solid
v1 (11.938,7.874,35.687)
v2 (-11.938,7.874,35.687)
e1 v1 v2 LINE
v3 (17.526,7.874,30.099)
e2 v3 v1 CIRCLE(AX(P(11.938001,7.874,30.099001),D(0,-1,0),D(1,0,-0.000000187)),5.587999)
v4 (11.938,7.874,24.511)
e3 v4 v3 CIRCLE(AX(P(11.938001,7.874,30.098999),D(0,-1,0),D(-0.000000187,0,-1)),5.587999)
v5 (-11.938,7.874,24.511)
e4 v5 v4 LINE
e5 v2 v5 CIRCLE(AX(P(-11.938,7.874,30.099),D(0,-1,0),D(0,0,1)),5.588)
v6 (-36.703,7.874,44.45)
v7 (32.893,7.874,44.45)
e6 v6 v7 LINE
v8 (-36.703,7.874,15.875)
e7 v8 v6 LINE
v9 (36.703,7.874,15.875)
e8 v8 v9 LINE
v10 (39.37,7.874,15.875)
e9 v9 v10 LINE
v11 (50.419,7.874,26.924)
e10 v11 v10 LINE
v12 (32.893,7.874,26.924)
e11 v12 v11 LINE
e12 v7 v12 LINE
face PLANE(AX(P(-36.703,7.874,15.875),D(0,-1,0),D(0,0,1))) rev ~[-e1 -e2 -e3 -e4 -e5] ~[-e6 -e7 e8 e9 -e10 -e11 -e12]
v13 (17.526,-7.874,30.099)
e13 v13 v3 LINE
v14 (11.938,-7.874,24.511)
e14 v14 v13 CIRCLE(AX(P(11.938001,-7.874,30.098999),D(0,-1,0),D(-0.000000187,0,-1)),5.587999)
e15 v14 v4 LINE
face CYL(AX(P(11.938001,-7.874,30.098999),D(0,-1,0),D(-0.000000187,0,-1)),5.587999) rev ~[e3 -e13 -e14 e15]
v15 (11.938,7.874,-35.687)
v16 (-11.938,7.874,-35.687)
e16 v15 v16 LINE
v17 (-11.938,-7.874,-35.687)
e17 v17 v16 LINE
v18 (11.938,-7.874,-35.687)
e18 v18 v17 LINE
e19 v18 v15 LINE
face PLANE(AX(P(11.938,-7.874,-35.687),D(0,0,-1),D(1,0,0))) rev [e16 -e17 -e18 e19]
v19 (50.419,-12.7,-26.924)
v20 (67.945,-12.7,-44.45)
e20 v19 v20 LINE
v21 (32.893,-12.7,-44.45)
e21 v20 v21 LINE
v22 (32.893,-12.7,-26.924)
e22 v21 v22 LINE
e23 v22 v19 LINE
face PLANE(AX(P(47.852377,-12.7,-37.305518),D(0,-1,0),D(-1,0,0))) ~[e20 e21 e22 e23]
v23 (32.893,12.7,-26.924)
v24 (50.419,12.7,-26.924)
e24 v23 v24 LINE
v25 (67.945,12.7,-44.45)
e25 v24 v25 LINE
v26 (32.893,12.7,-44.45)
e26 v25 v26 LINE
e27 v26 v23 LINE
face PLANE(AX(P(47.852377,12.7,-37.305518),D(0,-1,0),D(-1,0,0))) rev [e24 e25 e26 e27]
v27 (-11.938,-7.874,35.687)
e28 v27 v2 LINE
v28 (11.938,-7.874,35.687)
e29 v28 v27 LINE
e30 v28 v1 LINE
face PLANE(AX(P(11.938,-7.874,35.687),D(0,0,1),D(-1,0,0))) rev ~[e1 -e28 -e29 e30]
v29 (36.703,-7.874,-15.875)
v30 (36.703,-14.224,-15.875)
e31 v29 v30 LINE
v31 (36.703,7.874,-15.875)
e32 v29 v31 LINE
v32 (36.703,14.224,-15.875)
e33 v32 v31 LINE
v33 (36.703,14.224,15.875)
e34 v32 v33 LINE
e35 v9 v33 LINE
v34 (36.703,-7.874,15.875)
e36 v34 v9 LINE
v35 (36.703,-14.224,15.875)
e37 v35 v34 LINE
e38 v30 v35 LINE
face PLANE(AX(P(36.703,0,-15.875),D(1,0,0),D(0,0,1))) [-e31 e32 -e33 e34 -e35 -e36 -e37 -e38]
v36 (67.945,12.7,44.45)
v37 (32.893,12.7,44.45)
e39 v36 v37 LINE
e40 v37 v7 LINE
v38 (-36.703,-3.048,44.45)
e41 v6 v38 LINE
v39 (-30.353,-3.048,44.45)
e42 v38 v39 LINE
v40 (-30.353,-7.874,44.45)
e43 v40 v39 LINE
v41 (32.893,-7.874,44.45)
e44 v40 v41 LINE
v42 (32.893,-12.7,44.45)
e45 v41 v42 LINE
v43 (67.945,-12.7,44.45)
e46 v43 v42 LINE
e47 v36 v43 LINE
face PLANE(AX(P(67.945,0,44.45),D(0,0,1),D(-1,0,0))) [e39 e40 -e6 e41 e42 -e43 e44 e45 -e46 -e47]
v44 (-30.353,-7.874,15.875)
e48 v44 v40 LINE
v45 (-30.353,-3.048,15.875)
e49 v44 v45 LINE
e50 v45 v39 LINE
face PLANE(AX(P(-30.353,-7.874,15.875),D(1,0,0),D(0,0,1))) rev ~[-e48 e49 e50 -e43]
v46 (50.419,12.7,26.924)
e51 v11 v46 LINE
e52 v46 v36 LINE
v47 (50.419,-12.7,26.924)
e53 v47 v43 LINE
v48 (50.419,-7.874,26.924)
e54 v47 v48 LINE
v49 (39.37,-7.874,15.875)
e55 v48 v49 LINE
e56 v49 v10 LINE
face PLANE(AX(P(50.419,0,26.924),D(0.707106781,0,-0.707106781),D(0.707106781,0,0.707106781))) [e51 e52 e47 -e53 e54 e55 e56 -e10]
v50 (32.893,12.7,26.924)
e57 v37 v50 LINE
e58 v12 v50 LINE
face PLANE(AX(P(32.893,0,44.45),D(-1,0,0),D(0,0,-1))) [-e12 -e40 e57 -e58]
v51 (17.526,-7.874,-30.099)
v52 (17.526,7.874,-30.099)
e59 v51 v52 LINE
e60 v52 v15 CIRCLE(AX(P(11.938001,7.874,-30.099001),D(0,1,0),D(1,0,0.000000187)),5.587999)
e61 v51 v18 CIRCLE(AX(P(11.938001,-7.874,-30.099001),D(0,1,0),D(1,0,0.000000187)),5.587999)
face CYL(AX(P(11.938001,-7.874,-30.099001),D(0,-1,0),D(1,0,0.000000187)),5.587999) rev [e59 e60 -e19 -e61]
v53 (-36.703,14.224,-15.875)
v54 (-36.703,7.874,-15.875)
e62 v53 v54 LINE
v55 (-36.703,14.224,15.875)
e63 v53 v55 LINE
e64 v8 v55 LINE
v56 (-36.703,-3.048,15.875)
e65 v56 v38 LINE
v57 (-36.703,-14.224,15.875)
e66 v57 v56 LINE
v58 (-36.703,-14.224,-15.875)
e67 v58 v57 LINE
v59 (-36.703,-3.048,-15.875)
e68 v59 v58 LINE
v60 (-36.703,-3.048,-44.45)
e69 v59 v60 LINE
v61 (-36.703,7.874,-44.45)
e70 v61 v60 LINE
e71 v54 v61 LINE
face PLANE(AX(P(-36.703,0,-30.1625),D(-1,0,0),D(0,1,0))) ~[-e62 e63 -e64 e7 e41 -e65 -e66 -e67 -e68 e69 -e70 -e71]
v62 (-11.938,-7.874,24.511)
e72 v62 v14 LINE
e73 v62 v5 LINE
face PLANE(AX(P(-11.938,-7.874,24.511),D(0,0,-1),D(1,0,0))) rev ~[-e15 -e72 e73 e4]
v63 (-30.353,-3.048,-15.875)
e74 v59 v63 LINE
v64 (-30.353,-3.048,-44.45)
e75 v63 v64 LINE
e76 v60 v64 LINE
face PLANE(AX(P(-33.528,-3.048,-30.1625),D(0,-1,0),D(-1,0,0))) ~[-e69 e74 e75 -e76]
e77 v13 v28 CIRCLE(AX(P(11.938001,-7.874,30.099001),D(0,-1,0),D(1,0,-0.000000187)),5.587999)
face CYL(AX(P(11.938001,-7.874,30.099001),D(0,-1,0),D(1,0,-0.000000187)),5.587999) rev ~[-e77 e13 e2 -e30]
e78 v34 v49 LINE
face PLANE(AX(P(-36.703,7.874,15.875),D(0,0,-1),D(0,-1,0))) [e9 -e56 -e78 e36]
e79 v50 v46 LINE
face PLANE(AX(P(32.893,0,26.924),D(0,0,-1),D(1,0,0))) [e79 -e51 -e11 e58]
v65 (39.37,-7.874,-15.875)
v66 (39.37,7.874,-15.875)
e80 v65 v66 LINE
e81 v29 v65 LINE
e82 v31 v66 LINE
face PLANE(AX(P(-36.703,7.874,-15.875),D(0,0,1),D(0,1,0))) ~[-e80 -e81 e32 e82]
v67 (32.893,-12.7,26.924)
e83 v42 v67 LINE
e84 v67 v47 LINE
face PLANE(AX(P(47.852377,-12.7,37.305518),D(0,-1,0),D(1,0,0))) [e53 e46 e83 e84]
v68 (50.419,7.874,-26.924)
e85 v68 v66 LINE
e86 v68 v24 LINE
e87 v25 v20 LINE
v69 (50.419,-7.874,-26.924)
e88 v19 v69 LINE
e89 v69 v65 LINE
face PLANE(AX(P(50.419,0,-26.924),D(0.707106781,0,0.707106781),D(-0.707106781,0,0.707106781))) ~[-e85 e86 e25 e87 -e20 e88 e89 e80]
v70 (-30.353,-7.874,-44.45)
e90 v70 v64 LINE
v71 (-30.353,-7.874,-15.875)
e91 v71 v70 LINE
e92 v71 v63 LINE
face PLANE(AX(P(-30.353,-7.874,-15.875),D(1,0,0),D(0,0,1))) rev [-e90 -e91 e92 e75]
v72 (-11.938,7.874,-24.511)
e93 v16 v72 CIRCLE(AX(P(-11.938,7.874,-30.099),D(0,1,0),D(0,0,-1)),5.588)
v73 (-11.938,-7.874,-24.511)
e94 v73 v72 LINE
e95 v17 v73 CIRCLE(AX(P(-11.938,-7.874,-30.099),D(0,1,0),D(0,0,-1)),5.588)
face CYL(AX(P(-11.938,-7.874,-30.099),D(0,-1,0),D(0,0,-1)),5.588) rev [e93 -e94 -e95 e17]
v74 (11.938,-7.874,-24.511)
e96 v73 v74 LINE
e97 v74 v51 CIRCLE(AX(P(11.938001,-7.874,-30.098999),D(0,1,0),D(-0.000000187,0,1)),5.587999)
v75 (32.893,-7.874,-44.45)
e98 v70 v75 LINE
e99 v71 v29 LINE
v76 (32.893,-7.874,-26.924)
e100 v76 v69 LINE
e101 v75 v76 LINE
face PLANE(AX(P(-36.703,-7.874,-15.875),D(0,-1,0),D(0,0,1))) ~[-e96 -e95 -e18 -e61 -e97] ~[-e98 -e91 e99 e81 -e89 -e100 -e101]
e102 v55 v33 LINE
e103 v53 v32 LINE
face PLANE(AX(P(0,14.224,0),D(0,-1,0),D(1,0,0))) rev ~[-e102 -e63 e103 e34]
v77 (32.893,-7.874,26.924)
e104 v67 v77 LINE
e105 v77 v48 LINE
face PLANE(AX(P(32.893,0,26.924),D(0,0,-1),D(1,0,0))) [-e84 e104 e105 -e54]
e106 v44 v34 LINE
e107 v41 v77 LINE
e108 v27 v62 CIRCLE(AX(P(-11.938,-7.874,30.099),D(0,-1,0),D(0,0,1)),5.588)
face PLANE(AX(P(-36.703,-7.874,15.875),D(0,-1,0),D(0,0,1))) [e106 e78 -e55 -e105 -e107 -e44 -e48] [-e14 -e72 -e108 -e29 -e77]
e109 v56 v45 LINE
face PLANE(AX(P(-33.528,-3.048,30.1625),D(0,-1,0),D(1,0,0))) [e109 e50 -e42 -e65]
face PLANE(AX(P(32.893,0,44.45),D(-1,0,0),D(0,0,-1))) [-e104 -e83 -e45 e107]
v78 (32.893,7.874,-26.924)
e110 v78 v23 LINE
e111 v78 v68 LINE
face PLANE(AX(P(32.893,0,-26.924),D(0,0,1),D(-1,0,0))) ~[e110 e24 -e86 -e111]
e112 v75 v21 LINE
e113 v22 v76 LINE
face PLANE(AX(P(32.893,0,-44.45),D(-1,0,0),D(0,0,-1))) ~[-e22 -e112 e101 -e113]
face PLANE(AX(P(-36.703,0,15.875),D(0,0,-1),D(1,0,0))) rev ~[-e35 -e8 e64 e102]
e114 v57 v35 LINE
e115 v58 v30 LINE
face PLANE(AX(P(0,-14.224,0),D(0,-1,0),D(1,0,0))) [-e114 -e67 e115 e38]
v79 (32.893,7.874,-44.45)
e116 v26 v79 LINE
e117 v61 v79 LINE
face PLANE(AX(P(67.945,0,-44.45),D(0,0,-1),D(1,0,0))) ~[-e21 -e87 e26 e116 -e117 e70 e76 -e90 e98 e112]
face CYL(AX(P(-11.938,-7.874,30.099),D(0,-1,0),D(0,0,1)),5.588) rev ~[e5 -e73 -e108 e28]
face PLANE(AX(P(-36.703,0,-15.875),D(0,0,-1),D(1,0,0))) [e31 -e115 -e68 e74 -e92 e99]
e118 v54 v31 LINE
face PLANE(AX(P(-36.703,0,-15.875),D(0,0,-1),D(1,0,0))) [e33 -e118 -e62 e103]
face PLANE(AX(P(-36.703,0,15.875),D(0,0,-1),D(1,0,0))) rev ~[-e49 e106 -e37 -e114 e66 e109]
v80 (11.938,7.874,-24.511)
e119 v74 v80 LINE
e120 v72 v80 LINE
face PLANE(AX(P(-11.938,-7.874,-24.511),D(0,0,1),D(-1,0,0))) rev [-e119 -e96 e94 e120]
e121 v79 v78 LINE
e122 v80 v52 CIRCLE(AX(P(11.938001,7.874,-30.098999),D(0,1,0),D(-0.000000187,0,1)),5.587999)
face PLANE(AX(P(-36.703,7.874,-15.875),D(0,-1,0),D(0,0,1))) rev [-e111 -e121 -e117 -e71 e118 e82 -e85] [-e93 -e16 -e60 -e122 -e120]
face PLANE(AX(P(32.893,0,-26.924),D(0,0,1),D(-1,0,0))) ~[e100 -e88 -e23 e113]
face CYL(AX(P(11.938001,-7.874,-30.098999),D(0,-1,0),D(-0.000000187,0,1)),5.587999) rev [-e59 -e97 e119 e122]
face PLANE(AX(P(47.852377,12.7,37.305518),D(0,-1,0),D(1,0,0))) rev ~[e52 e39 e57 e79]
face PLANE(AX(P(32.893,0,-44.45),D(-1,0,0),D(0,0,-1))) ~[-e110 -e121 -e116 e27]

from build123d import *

# Parameters (mm, degrees)
F0_W      = 73.406
F0_H      = 31.75
F1_DEPTH  = 14.224
F2_W      = 15.748
F2_H      = 28.575
F3_DEPTH  = 104.648
F5_DEPTH  = 22.099
F7_DEPTH  = 12.7
F8_W      = 6.35
F8_H      = 28.575
F9_DEPTH  = 4.826
F11_DEPTH = 22.099


with BuildPart() as f1:
    # F0 (on Front) → F1 (new body, symmetric)
    with BuildSketch(Plane.XZ):
        Rectangle(F0_W, F0_H)
    extrude(amount=F1_DEPTH, both=True)

    # F2 (on face) → F3 (join)
    with BuildSketch(Plane(origin=(-36.703, 0, 0), x_dir=(0, -1, 0), z_dir=(-1, 0, 0))):
        with Locations((0, 30.1625)):
            Rectangle(F2_W, F2_H)
    extrude(amount=-F3_DEPTH)

    # F4 (on face) → F5 (cut, through all)
    with BuildSketch(Plane.XZ.offset(7.874)):
        Polygon((67.945, 15.875), (67.945, 44.45), (39.37, 15.875), align=None)
    extrude(amount=-F5_DEPTH, mode=Mode.SUBTRACT)

    # F6 (on Front) → F7 (join, symmetric)
    with BuildSketch(Plane.XZ):
        Polygon((50.419, 26.924), (67.945, 44.45), (32.893, 44.45), (32.893, 26.924), align=None)
    extrude(amount=F7_DEPTH, both=True)

    # F8 (on face) → F9 (cut)
    with BuildSketch(Plane.XZ.offset(7.874)):
        with Locations((-33.528, 30.1625)):
            Rectangle(F8_W, F8_H)
    extrude(amount=-F9_DEPTH, mode=Mode.SUBTRACT)

    # F10 (on face) → F11 (cut, through all)
    with BuildSketch(Plane.XZ.offset(7.874)):
        with BuildLine():
            Line((-11.938, 24.511), (11.938, 24.511))
            ThreePointArc((11.938, 24.511), (6.35, 30.099), (11.938, 35.687))
            Line((11.938, 35.687), (-11.938, 35.687))
            ThreePointArc((-11.938, 35.687), (-7.986687, 34.050313), (-6.35, 30.099))
            ThreePointArc((-6.35, 30.099), (-7.986687, 26.147687), (-11.938, 24.511))
        make_face()
        with BuildLine():
            ThreePointArc((11.938, 35.687), (6.35, 30.099), (11.938, 24.511))
            ThreePointArc((11.938, 24.511), (15.889313, 26.147687), (17.526, 30.099))
            ThreePointArc((17.526, 30.099), (15.889313, 34.050313), (11.938, 35.687))
        make_face()
        with BuildLine():
            ThreePointArc((-11.938, 35.687), (-17.526, 30.099), (-11.938, 24.511))
            ThreePointArc((-11.938, 24.511), (-7.986687, 26.147687), (-6.35, 30.099))
            ThreePointArc((-6.35, 30.099), (-7.986687, 34.050313), (-11.938, 35.687))
        make_face()
    extrude(amount=-F11_DEPTH, mode=Mode.SUBTRACT)

    # F12: F1 across plane


with BuildPart() as f1_1:
    add(f1.part)
    add(f1.part.mirror(Plane.XY))


solid = f1_1.part
